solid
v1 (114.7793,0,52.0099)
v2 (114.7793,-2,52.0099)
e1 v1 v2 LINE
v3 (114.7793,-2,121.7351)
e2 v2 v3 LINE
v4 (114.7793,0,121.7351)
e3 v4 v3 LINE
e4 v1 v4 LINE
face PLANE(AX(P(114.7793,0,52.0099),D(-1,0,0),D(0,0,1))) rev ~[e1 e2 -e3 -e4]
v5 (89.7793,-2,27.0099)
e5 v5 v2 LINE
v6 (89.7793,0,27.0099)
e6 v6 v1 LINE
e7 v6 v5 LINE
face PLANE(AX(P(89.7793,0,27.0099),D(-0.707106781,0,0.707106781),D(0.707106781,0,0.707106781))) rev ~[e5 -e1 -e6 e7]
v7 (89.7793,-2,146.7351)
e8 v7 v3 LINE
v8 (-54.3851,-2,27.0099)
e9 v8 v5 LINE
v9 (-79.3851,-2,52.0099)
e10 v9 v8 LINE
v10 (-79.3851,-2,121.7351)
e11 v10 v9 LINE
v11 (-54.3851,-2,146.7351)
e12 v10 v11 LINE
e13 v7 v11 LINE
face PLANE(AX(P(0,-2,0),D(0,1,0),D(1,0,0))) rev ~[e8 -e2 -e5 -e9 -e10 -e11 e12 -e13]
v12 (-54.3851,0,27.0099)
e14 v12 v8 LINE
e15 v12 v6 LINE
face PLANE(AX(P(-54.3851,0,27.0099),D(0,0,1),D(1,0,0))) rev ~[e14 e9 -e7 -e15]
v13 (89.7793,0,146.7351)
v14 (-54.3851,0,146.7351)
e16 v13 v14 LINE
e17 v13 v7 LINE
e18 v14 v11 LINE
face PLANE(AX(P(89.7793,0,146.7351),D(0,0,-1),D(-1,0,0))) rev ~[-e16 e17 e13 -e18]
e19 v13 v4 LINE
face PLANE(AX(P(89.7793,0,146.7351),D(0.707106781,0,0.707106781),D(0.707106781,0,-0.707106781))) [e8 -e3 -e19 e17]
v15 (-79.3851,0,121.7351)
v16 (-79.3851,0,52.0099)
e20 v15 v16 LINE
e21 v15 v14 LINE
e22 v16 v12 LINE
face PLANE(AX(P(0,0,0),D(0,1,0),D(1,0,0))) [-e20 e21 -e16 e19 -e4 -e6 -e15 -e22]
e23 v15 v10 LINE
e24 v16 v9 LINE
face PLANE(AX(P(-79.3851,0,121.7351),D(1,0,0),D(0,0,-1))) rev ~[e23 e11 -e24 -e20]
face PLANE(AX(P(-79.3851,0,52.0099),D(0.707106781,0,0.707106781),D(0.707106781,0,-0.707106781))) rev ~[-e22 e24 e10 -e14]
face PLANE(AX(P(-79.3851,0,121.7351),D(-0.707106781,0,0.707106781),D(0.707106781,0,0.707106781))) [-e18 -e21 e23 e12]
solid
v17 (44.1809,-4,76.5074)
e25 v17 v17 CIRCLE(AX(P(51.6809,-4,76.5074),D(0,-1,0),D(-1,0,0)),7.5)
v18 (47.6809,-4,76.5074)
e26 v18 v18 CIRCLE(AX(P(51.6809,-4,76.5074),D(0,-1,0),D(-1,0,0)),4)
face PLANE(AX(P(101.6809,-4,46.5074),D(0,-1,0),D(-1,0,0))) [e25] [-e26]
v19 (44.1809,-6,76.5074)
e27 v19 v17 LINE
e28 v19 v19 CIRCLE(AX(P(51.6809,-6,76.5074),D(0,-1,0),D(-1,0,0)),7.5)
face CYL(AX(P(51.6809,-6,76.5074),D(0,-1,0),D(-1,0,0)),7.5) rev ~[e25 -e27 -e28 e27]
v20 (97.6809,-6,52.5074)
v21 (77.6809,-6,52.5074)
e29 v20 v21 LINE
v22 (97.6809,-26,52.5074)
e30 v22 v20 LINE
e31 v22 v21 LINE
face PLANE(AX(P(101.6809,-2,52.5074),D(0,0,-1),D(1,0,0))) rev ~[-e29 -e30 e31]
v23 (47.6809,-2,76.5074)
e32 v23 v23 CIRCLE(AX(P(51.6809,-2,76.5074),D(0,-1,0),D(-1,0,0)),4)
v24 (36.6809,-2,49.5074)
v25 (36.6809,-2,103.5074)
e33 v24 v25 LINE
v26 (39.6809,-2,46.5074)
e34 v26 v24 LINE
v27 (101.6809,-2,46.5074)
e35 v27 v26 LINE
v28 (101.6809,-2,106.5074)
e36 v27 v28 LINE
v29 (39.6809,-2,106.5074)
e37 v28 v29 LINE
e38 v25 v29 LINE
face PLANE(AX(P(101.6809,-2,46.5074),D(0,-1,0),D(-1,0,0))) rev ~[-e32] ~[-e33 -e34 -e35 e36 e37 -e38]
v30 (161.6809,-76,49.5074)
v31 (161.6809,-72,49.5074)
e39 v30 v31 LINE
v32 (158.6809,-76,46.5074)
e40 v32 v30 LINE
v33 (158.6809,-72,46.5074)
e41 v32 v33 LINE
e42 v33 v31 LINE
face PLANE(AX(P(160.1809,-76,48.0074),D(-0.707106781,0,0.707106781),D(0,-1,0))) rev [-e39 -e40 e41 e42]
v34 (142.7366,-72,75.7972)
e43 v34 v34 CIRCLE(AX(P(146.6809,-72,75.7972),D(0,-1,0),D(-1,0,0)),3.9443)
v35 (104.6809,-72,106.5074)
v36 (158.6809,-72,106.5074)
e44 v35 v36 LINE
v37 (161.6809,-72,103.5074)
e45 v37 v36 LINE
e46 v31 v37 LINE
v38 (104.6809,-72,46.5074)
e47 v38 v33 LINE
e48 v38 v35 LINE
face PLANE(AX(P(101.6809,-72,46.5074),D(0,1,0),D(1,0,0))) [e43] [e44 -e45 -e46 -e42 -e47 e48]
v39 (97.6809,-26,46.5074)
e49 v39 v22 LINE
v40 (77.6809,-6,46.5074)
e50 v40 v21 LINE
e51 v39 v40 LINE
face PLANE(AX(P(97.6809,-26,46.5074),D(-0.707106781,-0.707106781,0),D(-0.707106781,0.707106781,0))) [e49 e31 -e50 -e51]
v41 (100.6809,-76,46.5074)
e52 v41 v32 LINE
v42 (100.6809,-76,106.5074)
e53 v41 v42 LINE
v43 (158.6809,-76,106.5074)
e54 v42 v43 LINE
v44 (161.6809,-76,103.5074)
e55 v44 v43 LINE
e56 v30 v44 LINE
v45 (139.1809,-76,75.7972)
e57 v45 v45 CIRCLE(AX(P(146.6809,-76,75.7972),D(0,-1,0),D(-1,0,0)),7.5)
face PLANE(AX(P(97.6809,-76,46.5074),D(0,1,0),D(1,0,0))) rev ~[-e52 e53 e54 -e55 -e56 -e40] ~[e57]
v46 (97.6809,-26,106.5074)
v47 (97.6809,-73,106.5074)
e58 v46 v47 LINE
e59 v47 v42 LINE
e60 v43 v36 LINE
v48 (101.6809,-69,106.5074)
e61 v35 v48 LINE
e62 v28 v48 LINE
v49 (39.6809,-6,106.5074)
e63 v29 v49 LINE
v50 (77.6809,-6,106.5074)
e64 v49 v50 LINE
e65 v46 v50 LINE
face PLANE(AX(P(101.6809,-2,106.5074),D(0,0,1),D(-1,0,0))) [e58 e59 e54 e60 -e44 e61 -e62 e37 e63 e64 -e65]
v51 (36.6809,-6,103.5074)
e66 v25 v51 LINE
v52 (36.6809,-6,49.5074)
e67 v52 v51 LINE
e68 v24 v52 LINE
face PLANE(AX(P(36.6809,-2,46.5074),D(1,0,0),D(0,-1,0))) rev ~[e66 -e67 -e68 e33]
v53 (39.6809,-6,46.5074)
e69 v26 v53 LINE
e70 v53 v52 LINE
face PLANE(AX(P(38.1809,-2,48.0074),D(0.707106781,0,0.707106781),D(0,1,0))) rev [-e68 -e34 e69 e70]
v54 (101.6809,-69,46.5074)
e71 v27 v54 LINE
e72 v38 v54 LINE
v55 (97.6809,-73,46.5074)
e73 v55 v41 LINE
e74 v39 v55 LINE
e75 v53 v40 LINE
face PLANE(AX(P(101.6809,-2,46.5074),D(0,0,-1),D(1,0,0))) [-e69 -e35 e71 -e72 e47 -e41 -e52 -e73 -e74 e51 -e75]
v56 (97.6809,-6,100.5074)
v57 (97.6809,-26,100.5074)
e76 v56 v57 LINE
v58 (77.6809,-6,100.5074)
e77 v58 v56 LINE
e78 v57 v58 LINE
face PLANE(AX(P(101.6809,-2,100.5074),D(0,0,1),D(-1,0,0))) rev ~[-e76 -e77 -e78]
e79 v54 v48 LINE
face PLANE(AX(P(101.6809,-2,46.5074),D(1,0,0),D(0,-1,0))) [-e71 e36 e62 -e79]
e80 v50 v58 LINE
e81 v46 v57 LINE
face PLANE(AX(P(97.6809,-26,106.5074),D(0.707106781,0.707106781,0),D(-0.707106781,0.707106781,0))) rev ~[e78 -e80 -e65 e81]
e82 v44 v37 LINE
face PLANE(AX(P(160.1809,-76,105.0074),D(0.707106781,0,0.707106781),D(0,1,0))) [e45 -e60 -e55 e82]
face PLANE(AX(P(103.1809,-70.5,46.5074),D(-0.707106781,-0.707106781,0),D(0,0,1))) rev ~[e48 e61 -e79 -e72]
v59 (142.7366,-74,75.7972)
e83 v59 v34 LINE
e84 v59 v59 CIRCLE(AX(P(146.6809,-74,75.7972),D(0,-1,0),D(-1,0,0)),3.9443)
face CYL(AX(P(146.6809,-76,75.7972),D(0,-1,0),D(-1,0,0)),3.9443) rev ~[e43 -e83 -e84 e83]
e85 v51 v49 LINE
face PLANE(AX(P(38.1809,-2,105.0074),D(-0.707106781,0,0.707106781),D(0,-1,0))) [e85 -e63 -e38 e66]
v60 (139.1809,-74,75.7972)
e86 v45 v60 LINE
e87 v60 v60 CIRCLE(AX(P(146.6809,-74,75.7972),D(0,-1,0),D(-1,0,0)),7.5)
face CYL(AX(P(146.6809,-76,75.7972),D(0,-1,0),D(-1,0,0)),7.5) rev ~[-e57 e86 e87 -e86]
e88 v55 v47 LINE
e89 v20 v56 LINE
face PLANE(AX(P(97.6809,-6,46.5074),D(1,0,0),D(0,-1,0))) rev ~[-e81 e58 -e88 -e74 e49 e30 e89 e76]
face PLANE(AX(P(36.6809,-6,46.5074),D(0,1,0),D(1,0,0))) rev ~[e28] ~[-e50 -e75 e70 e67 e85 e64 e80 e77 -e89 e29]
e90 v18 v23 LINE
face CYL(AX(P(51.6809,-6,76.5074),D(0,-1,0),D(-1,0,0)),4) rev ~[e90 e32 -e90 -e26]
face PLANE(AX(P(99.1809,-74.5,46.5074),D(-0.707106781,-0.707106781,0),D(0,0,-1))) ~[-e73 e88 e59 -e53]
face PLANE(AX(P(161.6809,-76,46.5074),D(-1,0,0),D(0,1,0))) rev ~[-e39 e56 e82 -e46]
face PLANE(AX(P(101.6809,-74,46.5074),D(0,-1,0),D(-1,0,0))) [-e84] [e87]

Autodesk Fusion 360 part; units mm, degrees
sketch "Sketch1" plane through (0, 0, 0) normal (0, 0, 1) x (1, 0, 0)
  line L0 (0, 0) -> (-65, 0)
  line L1 (0, 0) -> (0, 70)
  line L2 (0, 70) -> (60, 70)
  line L3 (-65, 0) -> (-65, 4)
  line L4 (-65, 4) -> (-4, 4)
  line L5 (-4, 4) -> (-4, 74)
  line L6 (-4, 74) -> (60, 74)
  line L7 (60, 74) -> (60, 70)
  dimension "d1" = 65
  dimension "d2" = 70
  dimension "d3" = 60
  dimension "d4" = 4
  dimension "d5" = 4
  dimension "d6" = 64
  dimension "d7" = 4
extrude "Extrude1" add sketch "Sketch1" against normal blind 60 makes body 1
sketch "Sketch2" plane through (0, 74, 0) normal (0, 1, 0) x (-1, 0, 0)
  line L0 (4, 0) -> (-60, 0)
  line L1 (-60, 0) -> (-60, -60)
  line L2 (-60, -60) -> (4, -60)
  line L3 (4, -60) -> (4, 0)
  line L4 (-45, -68.4051) -> (-45, 9.8256) construction
  line L5 (-35, -30) -> (-85, -30) construction
  circle A0 centre (-45, -29.2898) radius 7.5
  dimension "d10" = 15
  dimension "d11" = 15
extrude "Extrude2" cut sketch "Sketch2" against normal blind 2 contours A0 bodies 1
sketch "Sketch3" plane through (0, 74, 0) normal (0, 1, 0) x (-1, 0, 0)
  circle A0 centre (-45, -29.2898) radius 7.5
  line L0 (4, 0) -> (-60, 0)
  line L1 (-60, 0) -> (-60, -60)
  line L2 (-60, -60) -> (4, -60)
  line L3 (4, -60) -> (4, 0)
  circle A1 centre (-45, -29.2898) radius 3.9443
extrude "Extrude3" cut sketch "Sketch3" against normal blind 4 contours A1 bodies 1
sketch "Sketch4" plane through (0, 4, 0) normal (0, 1, 0) x (-1, 0, 0)
  line L0 (65, 0) -> (4, 0)
  line L1 (4, 0) -> (4, -60)
  line L2 (4, -60) -> (65, -60)
  line L3 (65, -60) -> (65, 0)
  line L4 (50, -66.7839) -> (50, -0.7237) construction
  line L5 (87.1984, -30) -> (42.8016, -30) construction
  circle A0 centre (50, -30) radius 7.5
  circle A1 centre (50, -30) radius 4
  dimension "d16" = 15
  dimension "d17" = 15
extrude "Extrude4" cut sketch "Sketch4" against normal blind 2 contours A0 bodies 1
extrude "Extrude5" cut 1 faces at (-49.7543, 4, -29.3803) along direction (0, -1, 0) blind 4 on bodies 1 bodies 1
chamfer "Chamfer1" distance 3 angle 45 1 edges at (-4, 74, -30) on bodies 1
chamfer "Chamfer2" distance 3 angle 45 1 edges at (0, 70, -30) on bodies 1
chamfer "Chamfer3" distance 3 angle 45 1 edges at (60, 72, 0) on bodies 1
chamfer "Chamfer4" distance 3 angle 45 3 edges at (60, 72, -60) (-65, 2, -60) (-65, 2, 0) on bodies 1
sketch "Sketch5" plane through (0, 0, 0) normal (0, 0, 1) x (1, 0, 0)
  line L0 (-62, 4) -> (-62, 0)
  line L1 (-62, 0) -> (0, 0)
  line L2 (0, 0) -> (0, 67)
  line L3 (0, 67) -> (3, 70)
  line L4 (3, 70) -> (57, 70)
  line L5 (57, 70) -> (57, 74)
  line L6 (57, 74) -> (-1, 74)
  line L7 (-1, 74) -> (-4, 71)
  line L8 (-4, 71) -> (-4, 4)
  line L9 (-4, 4) -> (-62, 4)
  line L10 (-4, 24) -> (-24, 4)
  dimension "d26" = 20
  dimension "d27" = 20
extrude "Extrude6" add sketch "Sketch5" against normal blind 6 contours L8 L9 L10 bodies 1
sketch "Sketch6" plane through (0, 0, -60) normal (0, 0, -1) x (-1, 0, 0)
  line L0 (62, 0) -> (62, 4)
  line L1 (62, 4) -> (4, 4)
  line L2 (4, 4) -> (4, 71)
  line L3 (4, 71) -> (1, 74)
  line L4 (1, 74) -> (-57, 74)
  line L5 (-57, 74) -> (-57, 70)
  line L6 (-57, 70) -> (-3, 70)
  line L7 (-3, 70) -> (0, 67)
  line L8 (0, 67) -> (0, 0)
  line L9 (0, 0) -> (62, 0)
  line L10 (4, 24) -> (24, 4)
  dimension "d30" = 20
  dimension "d31" = 20
extrude "Extrude7" add sketch "Sketch6" against normal blind 6 contours L1 L2 L10 bodies 1
sketch "Sketch7" plane through (0, 0, 0) normal (0, 1, 0) x (1, 0, 0)
  line L0 (-54.3851, -27.0099) -> (89.7793, -27.0099)
  line L1 (114.7793, -52.0099) -> (114.7793, -121.7351)
  line L2 (89.7793, -146.7351) -> (-54.3851, -146.7351)
  line L3 (-79.3851, -121.7351) -> (-79.3851, -52.0099)
  line L4 (89.7793, -27.0099) -> (114.7793, -52.0099)
  line L5 (-79.3851, -121.7351) -> (-54.3851, -146.7351)
  line L6 (-79.3851, -52.0099) -> (-54.3851, -27.0099)
  line L7 (89.7793, -146.7351) -> (114.7793, -121.7351)
  point P0 (-79.3851, -27.0099)
  point P1 (114.7793, -27.0099)
  point P2 (114.7793, -146.7351)
  point P3 (-79.3851, -146.7351)
  dimension "d34" = 25
  dimension "d35" = 25
  dimension "d36" = 25
  dimension "d37" = 25
  dimension "d38" = 25
  dimension "d39" = 25
  dimension "d40" = 25
  dimension "d41" = 25
extrude "Extrude8" add sketch "Sketch7" against normal blind 2 separate body makes body 2
copy_body "Body->Comp1" bodies 1 removing the originals makes body 3 in component "Component"
copy_body "Body->Comp2" bodies 2 removing the originals makes body 4 in component "Component'"
component "Component" placed x (1, 0, 0) y (0, -1, 0) z (0, 0, -1) at (101.6809, -2, 46.5074)
component "Component'" placed x (1, 0, 0) y (0, 1, 0) z (0, 0, 1) at (0, 0, 0)
equation "d35 = d34"
equation "d37 = d36"
equation "d39 = d38"
equation "d41 = d40"
